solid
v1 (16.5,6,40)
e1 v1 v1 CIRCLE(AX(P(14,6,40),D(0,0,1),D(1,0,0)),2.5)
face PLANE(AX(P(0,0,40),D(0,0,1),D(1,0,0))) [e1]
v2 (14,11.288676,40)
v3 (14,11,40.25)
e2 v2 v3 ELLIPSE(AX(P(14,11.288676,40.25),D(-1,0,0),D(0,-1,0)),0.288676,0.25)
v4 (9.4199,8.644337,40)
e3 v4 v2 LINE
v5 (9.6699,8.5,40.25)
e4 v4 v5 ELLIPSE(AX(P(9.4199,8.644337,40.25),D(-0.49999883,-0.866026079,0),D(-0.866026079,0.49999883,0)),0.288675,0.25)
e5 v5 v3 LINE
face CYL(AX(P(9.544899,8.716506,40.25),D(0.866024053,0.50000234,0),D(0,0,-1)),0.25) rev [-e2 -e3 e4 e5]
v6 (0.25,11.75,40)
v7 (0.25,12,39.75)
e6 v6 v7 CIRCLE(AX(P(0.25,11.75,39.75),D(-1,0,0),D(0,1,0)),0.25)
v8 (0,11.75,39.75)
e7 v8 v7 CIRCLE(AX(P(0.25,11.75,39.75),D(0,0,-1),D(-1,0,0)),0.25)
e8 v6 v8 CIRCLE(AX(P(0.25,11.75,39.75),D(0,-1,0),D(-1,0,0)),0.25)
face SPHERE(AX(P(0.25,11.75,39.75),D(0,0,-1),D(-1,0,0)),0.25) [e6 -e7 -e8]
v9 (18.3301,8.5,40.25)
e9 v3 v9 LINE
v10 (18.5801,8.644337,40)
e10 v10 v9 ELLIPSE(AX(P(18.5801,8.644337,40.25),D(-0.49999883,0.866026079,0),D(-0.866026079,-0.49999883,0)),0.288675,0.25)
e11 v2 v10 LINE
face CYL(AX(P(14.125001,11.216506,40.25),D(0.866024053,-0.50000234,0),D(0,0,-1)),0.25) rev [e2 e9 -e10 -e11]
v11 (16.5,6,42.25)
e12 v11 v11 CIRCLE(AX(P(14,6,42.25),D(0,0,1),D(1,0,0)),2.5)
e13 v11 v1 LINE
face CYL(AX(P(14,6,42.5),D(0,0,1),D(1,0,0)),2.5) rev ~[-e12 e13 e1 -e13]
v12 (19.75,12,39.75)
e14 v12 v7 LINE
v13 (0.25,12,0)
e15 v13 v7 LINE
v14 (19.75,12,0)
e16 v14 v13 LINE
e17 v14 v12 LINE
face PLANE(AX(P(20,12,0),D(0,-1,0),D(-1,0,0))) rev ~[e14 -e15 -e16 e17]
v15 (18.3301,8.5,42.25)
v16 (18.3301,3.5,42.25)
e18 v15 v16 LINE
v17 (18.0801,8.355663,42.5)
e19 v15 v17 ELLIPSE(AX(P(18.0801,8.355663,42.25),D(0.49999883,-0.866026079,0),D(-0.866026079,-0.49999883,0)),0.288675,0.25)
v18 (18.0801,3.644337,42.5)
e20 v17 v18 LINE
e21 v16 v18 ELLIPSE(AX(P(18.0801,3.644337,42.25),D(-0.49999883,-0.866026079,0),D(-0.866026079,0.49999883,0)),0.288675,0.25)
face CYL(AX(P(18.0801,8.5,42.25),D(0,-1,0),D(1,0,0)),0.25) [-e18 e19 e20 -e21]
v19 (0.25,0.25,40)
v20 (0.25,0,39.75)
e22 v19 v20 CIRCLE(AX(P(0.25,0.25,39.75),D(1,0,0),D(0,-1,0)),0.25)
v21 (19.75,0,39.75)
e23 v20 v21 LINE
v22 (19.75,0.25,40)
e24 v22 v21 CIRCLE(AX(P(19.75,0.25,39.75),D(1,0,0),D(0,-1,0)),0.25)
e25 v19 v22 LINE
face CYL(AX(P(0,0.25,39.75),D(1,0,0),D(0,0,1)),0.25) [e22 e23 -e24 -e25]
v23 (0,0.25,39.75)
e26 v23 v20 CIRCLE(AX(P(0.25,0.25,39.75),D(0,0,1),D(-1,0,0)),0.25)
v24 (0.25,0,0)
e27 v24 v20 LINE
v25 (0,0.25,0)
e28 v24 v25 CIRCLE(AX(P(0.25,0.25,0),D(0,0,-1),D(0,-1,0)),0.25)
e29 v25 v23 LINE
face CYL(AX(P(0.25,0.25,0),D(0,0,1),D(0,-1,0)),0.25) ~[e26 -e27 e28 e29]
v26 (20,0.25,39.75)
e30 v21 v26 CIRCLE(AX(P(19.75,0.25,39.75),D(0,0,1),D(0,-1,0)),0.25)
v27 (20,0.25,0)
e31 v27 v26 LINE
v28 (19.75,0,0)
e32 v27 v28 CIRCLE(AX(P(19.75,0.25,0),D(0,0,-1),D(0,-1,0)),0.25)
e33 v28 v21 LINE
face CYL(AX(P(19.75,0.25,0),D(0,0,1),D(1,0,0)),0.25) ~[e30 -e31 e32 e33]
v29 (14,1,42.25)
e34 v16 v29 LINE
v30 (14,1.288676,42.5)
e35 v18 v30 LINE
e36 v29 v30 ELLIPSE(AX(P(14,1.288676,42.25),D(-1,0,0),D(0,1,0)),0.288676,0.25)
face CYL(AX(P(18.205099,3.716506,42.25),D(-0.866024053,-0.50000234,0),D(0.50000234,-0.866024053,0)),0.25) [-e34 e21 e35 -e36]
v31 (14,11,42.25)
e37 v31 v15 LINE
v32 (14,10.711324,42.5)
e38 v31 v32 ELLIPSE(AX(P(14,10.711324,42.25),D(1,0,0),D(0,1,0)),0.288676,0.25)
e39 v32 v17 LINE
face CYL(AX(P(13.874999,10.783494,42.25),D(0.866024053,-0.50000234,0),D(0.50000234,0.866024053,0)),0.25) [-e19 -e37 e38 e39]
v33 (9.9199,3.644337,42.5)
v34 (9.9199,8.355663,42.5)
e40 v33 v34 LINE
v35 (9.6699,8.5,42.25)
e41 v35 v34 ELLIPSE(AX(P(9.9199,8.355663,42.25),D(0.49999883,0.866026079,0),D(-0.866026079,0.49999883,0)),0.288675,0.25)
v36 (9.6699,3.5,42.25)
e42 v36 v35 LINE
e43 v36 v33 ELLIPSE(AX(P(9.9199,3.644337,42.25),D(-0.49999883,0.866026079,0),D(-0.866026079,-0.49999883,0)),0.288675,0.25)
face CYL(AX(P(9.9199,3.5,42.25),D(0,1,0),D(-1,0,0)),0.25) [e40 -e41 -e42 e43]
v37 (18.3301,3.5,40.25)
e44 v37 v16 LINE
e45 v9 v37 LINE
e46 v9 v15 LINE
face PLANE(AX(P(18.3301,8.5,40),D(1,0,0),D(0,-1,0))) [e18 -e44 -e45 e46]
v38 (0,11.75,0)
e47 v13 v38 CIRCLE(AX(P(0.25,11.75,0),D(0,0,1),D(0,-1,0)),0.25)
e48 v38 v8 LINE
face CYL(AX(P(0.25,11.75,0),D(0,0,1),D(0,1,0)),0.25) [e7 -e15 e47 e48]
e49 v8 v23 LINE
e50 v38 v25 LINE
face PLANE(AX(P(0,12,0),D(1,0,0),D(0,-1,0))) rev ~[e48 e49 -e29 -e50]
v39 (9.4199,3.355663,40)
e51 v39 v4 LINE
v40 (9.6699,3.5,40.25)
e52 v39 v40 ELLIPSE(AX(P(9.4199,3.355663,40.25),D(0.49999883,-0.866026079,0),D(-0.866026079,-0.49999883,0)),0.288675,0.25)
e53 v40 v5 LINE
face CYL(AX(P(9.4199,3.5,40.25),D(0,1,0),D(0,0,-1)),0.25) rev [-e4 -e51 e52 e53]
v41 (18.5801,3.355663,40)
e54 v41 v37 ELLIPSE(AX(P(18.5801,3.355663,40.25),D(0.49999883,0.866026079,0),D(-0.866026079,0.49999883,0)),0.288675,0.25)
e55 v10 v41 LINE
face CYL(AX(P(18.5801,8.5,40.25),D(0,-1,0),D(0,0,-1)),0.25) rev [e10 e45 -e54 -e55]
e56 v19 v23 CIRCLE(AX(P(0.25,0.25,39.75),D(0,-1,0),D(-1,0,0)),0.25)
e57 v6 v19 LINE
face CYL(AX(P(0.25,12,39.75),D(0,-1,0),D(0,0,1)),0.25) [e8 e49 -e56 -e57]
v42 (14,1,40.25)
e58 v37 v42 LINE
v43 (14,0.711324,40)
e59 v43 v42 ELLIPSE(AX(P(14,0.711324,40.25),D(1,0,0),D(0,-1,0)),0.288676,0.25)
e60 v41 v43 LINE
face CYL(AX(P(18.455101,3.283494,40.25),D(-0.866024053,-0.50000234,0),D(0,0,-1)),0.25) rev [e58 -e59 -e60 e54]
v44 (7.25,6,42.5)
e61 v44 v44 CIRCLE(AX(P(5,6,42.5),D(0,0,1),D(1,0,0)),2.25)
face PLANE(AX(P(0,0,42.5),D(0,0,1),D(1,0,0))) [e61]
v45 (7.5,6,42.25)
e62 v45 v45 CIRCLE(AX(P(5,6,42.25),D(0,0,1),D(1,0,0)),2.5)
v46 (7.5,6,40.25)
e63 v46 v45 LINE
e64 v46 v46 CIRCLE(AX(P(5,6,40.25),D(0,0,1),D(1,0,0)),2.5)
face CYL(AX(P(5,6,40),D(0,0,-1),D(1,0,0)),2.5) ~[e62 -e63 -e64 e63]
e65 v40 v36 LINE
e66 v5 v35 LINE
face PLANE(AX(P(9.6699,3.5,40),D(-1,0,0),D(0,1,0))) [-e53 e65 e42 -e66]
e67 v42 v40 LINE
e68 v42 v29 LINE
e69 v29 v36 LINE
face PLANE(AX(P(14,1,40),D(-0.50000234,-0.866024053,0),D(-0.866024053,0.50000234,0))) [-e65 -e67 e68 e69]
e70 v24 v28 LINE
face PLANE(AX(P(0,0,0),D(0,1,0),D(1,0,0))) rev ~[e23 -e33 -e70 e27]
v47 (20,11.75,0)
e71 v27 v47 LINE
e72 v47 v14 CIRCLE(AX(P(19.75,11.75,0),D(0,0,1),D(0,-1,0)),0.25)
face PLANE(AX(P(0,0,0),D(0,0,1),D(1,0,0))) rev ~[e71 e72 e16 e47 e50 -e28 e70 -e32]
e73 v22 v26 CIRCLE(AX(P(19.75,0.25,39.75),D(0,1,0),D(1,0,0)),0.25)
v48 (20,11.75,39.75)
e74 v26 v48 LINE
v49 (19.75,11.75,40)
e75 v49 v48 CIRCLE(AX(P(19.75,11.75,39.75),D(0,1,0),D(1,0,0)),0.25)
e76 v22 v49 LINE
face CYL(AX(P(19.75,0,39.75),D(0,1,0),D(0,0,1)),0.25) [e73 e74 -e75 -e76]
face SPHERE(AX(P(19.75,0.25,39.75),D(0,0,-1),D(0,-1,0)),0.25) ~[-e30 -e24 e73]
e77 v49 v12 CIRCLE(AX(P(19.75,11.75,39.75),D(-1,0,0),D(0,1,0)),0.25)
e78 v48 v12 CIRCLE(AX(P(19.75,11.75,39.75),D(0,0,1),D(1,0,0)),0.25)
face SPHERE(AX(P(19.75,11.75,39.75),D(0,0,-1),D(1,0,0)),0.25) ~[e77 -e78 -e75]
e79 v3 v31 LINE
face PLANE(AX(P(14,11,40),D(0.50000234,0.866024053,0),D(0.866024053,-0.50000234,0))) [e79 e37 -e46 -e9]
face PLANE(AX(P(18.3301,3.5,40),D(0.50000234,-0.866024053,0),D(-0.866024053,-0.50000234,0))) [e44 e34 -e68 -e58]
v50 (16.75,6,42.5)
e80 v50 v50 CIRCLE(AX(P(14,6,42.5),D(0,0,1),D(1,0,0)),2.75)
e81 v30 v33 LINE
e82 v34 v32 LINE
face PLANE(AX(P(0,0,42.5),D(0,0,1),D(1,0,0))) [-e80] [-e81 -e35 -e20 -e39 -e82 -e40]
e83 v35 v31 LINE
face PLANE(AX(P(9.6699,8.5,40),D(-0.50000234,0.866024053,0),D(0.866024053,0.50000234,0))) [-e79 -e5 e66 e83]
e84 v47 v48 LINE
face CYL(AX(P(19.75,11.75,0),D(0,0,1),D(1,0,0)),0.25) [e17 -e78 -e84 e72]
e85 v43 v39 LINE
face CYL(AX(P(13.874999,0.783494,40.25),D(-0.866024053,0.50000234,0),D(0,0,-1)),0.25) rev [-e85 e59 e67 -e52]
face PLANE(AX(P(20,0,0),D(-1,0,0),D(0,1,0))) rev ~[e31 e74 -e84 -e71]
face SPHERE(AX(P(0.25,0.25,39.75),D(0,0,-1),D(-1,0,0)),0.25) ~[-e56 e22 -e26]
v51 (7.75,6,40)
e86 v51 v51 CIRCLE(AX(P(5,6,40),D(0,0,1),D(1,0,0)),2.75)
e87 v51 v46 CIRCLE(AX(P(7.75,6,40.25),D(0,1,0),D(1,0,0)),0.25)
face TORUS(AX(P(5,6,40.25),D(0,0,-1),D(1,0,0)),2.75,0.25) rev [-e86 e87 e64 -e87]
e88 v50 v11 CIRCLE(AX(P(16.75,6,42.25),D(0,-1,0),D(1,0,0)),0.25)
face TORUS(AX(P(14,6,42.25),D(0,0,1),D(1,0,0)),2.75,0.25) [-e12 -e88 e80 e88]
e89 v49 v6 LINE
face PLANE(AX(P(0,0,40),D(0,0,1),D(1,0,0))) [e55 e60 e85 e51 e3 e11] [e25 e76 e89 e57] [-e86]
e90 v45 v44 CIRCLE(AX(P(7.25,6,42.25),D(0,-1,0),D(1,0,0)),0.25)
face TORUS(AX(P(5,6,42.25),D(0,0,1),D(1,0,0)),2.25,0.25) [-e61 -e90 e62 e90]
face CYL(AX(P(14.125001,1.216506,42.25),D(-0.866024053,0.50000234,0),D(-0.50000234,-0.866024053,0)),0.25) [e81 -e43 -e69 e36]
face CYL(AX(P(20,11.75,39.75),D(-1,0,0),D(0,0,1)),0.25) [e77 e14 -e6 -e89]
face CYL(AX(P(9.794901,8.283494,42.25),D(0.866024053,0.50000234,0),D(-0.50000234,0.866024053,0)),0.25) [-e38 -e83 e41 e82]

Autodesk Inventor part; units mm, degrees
ref_plane "YZ Plane" through (0, 0, 0) normal (1, 0, 0) x (0, 1, 0)
ref_plane "XZ Plane" through (0, 0, 0) normal (0, 1, 0) x (-1, 0, 0)
ref_plane "XY Plane" through (0, 0, 0) normal (0, 0, 1) x (1, 0, 0)
sketch "Sketch1" plane through (0, 0, 0) normal (0, 0, 1) x (1, 0, 0)
  line L0 (20, 12) -> (0, 12)
  line L1 (0, 12) -> (0, 0)
  line L2 (0, 0) -> (20, 0)
  line L3 (20, 0) -> (20, 12)
extrude "Extrusion1" add sketch "Sketch1" along normal blind 40
sketch "Sketch2" plane through (0, 0, 40) normal (0, 0, 1) x (1, 0, 0)
  circle A0 centre (5, 6) radius 2.5
  line L0 (14, 1) -> (9.6699, 3.5)
  line L1 (9.6699, 3.5) -> (9.6699, 8.5)
  line L2 (9.6699, 8.5) -> (14, 11)
  line L3 (14, 11) -> (18.3301, 8.5)
  line L4 (18.3301, 8.5) -> (18.3301, 3.5)
  line L5 (18.3301, 3.5) -> (14, 1)
  point P0 (0, 0)
  point P1 (14, 6)
extrude "Extrusion2" add sketch "Sketch2" along normal blind 2.5
sketch "Sketch3" plane through (0, 0, 42.5) normal (0, 0, 1) x (1, 0, 0)
  circle A0 centre (14, 6) radius 2.5
  point P0 (0, 0)
  dimension "d15" = 5
extrude "Extrusion3" cut sketch "Sketch3" against normal blind 2.5
fillet "Fillet1" radius 0.25 1 edges at (2.5, 6, 42.5)
fillet "Fillet2" radius 0.25 13 edges at (11.8349, 2.25, 42.5) (16.1651, 2.25, 42.5) (18.3301, 6, 42.5) (9.6699, 6, 42.5) (11.8349, 9.75, 42.5) (16.1651, 9.75, 42.5) (11.5, 6, 42.5) (16.1651, 2.25, 40) (11.8349, 2.25, 40) (18.3301, 6, 40) (16.1651, 9.75, 40) (9.6699, 6, 40) (11.8349, 9.75, 40)
fillet "Fillet3" radius 0.25 1 edges at (2.5, 6, 40)
fillet "Fillet4" radius 0.25 8 edges at (20, 0, 20) (20, 12, 20) (0, 12, 20) (0, 0, 20) (0, 6, 40) (10, 0, 40) (20, 6, 40) (10, 12, 40)
properties part number "SPARC BOT Battery"
